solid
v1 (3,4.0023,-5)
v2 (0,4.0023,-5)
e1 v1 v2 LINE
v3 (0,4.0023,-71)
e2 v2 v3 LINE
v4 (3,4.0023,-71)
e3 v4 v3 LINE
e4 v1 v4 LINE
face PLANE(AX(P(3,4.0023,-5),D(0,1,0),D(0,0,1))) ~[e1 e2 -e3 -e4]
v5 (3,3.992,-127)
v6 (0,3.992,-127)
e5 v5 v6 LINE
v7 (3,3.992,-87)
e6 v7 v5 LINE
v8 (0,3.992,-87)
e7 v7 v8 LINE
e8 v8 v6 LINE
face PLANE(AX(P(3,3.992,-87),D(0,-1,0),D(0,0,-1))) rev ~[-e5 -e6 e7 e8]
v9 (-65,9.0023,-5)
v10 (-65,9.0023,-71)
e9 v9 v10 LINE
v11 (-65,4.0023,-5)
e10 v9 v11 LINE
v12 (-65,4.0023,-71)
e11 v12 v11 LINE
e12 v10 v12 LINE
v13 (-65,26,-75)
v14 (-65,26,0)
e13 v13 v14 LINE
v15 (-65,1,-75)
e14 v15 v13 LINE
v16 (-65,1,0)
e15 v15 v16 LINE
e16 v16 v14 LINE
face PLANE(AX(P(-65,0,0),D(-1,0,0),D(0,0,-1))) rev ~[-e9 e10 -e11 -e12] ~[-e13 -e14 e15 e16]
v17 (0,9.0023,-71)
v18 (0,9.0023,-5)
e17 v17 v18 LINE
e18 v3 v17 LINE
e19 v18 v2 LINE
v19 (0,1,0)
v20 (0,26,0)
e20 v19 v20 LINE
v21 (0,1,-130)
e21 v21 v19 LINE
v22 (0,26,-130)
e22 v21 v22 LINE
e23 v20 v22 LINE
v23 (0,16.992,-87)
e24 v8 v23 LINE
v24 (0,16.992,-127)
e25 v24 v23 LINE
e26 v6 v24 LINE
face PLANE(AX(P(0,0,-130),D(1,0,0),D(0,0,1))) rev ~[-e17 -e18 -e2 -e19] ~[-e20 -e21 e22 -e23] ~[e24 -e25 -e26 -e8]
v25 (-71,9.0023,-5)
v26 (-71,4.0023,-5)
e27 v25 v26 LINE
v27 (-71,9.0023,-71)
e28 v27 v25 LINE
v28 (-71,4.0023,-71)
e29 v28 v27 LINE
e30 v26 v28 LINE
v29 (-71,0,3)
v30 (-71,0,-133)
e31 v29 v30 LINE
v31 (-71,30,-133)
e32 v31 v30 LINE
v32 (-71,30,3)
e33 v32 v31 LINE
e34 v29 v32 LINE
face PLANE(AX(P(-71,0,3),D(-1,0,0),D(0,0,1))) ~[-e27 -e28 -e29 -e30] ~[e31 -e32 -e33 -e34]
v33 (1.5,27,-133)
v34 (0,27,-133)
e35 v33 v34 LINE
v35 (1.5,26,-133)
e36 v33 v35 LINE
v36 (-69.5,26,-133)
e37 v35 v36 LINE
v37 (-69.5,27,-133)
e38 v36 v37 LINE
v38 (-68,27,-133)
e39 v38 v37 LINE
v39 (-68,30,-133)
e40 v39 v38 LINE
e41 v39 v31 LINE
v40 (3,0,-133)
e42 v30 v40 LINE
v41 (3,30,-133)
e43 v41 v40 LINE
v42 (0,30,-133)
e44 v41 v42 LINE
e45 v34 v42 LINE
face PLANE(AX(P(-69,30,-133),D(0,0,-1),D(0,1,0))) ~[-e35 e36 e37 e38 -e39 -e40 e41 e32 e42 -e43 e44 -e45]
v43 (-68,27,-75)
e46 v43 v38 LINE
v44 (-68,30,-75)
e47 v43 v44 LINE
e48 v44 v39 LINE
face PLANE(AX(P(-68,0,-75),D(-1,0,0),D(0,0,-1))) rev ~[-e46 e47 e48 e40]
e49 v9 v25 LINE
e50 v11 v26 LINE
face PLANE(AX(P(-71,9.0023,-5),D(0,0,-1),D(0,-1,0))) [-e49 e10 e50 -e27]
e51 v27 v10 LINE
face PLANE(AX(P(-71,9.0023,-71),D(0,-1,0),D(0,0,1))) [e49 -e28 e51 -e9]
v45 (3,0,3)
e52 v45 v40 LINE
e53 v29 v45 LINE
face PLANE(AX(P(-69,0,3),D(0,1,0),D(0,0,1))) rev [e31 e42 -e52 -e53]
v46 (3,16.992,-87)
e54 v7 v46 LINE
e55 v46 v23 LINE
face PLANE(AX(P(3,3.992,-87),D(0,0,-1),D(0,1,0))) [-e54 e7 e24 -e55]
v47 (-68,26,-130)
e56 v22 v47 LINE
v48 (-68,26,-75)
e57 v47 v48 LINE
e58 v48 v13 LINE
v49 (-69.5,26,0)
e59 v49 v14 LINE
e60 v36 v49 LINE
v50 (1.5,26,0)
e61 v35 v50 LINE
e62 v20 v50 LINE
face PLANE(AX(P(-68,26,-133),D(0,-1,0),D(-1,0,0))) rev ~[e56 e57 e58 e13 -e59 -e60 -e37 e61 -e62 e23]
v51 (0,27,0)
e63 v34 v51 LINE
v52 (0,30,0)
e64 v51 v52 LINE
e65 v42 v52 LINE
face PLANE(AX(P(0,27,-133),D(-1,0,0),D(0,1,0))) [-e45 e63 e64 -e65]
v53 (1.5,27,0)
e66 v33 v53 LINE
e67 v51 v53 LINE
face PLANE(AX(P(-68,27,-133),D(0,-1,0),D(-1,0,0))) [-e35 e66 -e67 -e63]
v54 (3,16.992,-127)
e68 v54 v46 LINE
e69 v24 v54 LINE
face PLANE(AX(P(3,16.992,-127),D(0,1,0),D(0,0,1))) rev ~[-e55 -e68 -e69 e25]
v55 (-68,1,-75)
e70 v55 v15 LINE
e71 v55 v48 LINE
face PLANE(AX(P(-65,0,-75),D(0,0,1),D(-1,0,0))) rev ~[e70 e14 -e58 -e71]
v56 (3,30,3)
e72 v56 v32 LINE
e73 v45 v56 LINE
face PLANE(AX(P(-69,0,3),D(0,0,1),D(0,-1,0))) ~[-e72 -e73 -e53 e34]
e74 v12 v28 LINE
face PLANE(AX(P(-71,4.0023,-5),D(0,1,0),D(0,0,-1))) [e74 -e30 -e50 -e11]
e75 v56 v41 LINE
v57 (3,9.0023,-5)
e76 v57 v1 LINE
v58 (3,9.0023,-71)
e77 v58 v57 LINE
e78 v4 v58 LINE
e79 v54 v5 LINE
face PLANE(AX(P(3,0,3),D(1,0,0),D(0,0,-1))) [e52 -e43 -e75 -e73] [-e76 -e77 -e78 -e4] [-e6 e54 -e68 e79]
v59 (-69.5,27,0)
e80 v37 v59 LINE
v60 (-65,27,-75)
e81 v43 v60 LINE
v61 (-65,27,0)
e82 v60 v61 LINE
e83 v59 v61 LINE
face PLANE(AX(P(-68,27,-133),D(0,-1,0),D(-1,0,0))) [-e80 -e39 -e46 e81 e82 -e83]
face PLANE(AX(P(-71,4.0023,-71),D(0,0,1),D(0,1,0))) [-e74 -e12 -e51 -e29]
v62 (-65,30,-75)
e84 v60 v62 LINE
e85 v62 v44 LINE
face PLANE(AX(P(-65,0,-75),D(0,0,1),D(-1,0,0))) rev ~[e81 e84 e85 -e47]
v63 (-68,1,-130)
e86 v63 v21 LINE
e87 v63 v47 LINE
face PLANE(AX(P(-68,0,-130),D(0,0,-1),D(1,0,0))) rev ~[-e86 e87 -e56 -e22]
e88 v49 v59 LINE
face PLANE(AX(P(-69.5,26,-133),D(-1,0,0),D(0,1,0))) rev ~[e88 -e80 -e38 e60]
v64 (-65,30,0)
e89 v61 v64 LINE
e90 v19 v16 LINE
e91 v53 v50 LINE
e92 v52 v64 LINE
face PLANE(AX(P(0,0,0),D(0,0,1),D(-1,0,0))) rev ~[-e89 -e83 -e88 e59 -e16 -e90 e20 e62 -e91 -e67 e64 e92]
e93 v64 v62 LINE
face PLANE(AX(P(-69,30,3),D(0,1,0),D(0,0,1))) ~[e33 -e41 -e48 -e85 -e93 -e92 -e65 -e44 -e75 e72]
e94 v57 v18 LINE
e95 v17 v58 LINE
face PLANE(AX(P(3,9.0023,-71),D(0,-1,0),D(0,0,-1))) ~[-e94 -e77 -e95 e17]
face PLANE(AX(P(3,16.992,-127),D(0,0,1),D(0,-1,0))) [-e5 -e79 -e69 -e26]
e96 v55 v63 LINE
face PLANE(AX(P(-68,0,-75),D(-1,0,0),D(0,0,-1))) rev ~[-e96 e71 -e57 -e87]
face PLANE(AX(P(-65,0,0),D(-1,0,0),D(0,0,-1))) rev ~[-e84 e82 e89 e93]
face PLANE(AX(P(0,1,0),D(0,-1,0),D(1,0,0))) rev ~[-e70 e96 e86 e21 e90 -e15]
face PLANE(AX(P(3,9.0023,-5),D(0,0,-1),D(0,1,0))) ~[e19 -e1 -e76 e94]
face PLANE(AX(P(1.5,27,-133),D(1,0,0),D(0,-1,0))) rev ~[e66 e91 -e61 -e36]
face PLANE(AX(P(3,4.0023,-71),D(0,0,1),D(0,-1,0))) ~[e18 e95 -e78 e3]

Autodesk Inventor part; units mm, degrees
sketch "Sketch1" plane through (0, 0, 0) normal (0, 1, 0) x (-1, 0, 0)
  line L0 (0, 0) -> (68, 0)
  line L1 (68, -75) -> (68, -130)
  line L2 (68, -130) -> (0, -130)
  line L3 (0, -130) -> (0, 0)
  line L4 (68, 0) -> (65, 0)
  line L5 (65, 0) -> (65, -75)
  line L6 (65, -75) -> (68, -75)
  line L7 (0, 0) -> (0, 1)
  line L8 (0, 1) -> (69, 1)
  line L9 (69, 1) -> (69, -131)
  line L10 (69, -131) -> (-1, -131)
  line L11 (-1, -131) -> (-1, 1)
  line L12 (-1, 1) -> (0, 1)
  dimension "d0" = 68
  dimension "d1" = 130
  dimension "d2" = 3
  dimension "d3" = 75
  dimension "d4" = 1
  dimension "d5" = 69
  dimension "d6" = 132
  dimension "d7" = 70
extrude "Extrusion1" add sketch "Sketch1" along normal blind 30
sketch "Sketch2" plane through (0, 0, 0) normal (0, -1, 0) x (1, 0, 0)
  line L0 (0, 0) -> (-65, 0) projected
  line L1 (-68, -75) -> (-68, -130) projected
  line L2 (0, 0) -> (-68, 0)
  line L3 (-68, 0) -> (-68, -130)
  line L4 (-68, -130) -> (0, -130)
  line L5 (0, -130) -> (0, 0)
extrude "Extrusion2" add sketch "Sketch2" against normal blind 1
sketch "Sketch3" plane through (1, 0, 1) normal (1, 0, 0) x (0, 0, -1)
  line L0 (131, 1) -> (1, 1) projected
  line L1 (1, 1) -> (1, 6)
  line L2 (1, 1) -> (1, 30) projected
  line L3 (1, 6) -> (1, 1)
  line L4 (1, 6) -> (6, 6)
  line L5 (6, 9.0023) -> (72, 9.0023)
  line L6 (72, 9.0023) -> (72, 4.0023)
  line L7 (72, 4.0023) -> (6, 4.0023)
  line L8 (6, 4.0023) -> (6, 9.0023)
  line L9 (6, 1) -> (6, 4)
  point P0 (1, 0)
  dimension "d12" = 5
  dimension "d13" = 5
  dimension "d14" = 5
  dimension "d15" = 66
  dimension "d23" = 3
extrude "Extrusion3" cut sketch "Sketch3" along normal blind 34.75 and the other way blind 4
ref_plane "Work Plane1" through (-34, 30, -130) normal (-1, 0, 0) x (0, 0, 1)
mirror "Mirror1" about plane through (-34, 30, -130) normal (-1, 0, 0) of "Extrusion3"
sketch "Sketch4" plane through (1, 0, 1) normal (1, 0, 0) x (0, 0, -1)
  line L0 (131, 1) -> (131, 30) projected
  line L1 (131, 1) -> (128, 1)
  line L2 (76, 1) -> (131, 1) projected
  line L3 (128, 3.992) -> (128, 16.992)
  line L4 (128, 16.992) -> (88, 16.992)
  line L5 (88, 16.992) -> (88, 3.992)
  line L6 (88, 3.992) -> (128, 3.992)
  line L7 (132, 0) -> (0, 0) projected
  line L8 (88, 1) -> (88, 4)
  point P0 (1, 0)
  dimension "d18" = 3
  dimension "d19" = 13
  dimension "d20" = 40
  dimension "d24" = 3
extrude "Extrusion4" cut sketch "Sketch4" against normal blind 5
sketch "Sketch5" plane through (-69, 0, 1) normal (0, 0, 1) x (1, 0, 0)
  line L0 (70, 0) -> (70, 30) projected
  line L1 (0, 0) -> (70, 0)
  line L2 (70, 0) -> (70, 30)
  line L3 (70, 30) -> (0, 30)
  line L4 (0, 30) -> (0, 0)
  point P0 (69, 0)
extrude "Extrusion5" add sketch "Sketch5" along normal blind 2
ref_plane "Work Plane2" through (0, 30, -65) normal (0, 0, -1) x (-1, 0, 0)
mirror "Mirror2" about plane through (0, 30, -65) normal (0, 0, -1) of "Extrusion5"
sketch "Sketch6" plane through (1, 0, 3) normal (1, 0, 0) x (0, 0, -1)
  line L0 (0, 0) -> (0, 30) projected
  line L1 (0, 0) -> (136, 0) projected
  line L2 (0, 30) -> (136, 30)
  line L3 (136, 30) -> (136, 0)
  line L4 (136, 0) -> (0, 0)
  line L5 (0, 0) -> (0, 30)
  point P0 (3, 0)
extrude "Extrusion6" add sketch "Sketch6" along normal blind 2
ref_plane "Work Plane3" through (-34, 30, -75) normal (1, 0, 0) x (0, 0, -1)
mirror "Mirror3" about plane through (-34, 30, -75) normal (1, 0, 0) of "Extrusion6"
sketch "Sketch7" plane through (-71, 0, -133) normal (-1, 0, 0) x (0, 0, 1)
  line L0 (62, 9.0023) -> (128, 9.0023) projected
  line L1 (128, 4.0023) -> (62, 4.0023) projected
  line L2 (62, 9.0023) -> (128, 9.0023)
  line L3 (128, 9.0023) -> (128, 4.0023)
  line L4 (128, 4.0023) -> (62, 4.0023)
  line L5 (62, 4.0023) -> (62, 9.0023)
  point P0 (133, 0)
  point P1 (62, 4.0023)
extrude "Extrusion7" cut sketch "Sketch7" against normal blind 34.75
mirror "Mirror4" about plane through (-34, 30, -130) normal (-1, 0, 0) of "Extrusion7"
sketch "Sketch8" plane through (3, 0, 3) normal (1, 0, 0) x (0, 0, -1)
  line L0 (130, 16.992) -> (90, 16.992) projected
  line L1 (90, 3.992) -> (130, 3.992) projected
  line L2 (90, 16.992) -> (130, 16.992)
  line L3 (130, 16.992) -> (130, 3.992)
  line L4 (130, 3.992) -> (90, 3.992)
  line L5 (90, 3.992) -> (90, 16.992)
  point P0 (3, 0)
extrude "Extrusion8" cut sketch "Sketch8" against normal blind 34.75
sketch "Sketch9" plane through (3, 0, -133) normal (0, 0, -1) x (-1, 0, 0)
  line L0 (71, 1) -> (71, 30) projected
  line L1 (71, 30) -> (71, 27)
  line L2 (71, 1) -> (71, 30) projected
  line L3 (71, 27) -> (72.5, 27)
  line L4 (74, 0) -> (74, 30) projected
  line L5 (74, 30) -> (0, 30) projected
  line L6 (3, 30) -> (3, 27)
  line L7 (3, 27) -> (1.5, 27)
  line L8 (72.5, 27) -> (1.5, 27)
  line L9 (1.5, 27) -> (1.5, 26)
  line L10 (1.5, 26) -> (72.5, 26)
  line L11 (72.5, 26) -> (72.5, 27)
  point P0 (3, 0)
  dimension "d35" = 3
  dimension "d36" = 1.5
  dimension "d37" = 1.5
  dimension "d38" = 1
extrude "Extrusion9" cut sketch "Sketch9" against normal blind 133 contours L3 L11 L10 L0 | L0 L10 L9 L7 L8
sketch "Sketch10" plane through (3, 0, -133) normal (0, 0, -1) x (-1, 0, 0)
  line L0 (0, 30) -> (74, 30) projected
  line L1 (71, 27) -> (3, 27) projected
  line L2 (3, 30) -> (71, 30)
  line L3 (71, 30) -> (71, 27)
  line L4 (71, 27) -> (3, 27)
  line L5 (3, 27) -> (3, 30)
  point P0 (3, 0)
extrude "Extrusion10" cut sketch "Sketch10" against normal blind 3
properties part number "ESP 32 a&b gabung test 4"
